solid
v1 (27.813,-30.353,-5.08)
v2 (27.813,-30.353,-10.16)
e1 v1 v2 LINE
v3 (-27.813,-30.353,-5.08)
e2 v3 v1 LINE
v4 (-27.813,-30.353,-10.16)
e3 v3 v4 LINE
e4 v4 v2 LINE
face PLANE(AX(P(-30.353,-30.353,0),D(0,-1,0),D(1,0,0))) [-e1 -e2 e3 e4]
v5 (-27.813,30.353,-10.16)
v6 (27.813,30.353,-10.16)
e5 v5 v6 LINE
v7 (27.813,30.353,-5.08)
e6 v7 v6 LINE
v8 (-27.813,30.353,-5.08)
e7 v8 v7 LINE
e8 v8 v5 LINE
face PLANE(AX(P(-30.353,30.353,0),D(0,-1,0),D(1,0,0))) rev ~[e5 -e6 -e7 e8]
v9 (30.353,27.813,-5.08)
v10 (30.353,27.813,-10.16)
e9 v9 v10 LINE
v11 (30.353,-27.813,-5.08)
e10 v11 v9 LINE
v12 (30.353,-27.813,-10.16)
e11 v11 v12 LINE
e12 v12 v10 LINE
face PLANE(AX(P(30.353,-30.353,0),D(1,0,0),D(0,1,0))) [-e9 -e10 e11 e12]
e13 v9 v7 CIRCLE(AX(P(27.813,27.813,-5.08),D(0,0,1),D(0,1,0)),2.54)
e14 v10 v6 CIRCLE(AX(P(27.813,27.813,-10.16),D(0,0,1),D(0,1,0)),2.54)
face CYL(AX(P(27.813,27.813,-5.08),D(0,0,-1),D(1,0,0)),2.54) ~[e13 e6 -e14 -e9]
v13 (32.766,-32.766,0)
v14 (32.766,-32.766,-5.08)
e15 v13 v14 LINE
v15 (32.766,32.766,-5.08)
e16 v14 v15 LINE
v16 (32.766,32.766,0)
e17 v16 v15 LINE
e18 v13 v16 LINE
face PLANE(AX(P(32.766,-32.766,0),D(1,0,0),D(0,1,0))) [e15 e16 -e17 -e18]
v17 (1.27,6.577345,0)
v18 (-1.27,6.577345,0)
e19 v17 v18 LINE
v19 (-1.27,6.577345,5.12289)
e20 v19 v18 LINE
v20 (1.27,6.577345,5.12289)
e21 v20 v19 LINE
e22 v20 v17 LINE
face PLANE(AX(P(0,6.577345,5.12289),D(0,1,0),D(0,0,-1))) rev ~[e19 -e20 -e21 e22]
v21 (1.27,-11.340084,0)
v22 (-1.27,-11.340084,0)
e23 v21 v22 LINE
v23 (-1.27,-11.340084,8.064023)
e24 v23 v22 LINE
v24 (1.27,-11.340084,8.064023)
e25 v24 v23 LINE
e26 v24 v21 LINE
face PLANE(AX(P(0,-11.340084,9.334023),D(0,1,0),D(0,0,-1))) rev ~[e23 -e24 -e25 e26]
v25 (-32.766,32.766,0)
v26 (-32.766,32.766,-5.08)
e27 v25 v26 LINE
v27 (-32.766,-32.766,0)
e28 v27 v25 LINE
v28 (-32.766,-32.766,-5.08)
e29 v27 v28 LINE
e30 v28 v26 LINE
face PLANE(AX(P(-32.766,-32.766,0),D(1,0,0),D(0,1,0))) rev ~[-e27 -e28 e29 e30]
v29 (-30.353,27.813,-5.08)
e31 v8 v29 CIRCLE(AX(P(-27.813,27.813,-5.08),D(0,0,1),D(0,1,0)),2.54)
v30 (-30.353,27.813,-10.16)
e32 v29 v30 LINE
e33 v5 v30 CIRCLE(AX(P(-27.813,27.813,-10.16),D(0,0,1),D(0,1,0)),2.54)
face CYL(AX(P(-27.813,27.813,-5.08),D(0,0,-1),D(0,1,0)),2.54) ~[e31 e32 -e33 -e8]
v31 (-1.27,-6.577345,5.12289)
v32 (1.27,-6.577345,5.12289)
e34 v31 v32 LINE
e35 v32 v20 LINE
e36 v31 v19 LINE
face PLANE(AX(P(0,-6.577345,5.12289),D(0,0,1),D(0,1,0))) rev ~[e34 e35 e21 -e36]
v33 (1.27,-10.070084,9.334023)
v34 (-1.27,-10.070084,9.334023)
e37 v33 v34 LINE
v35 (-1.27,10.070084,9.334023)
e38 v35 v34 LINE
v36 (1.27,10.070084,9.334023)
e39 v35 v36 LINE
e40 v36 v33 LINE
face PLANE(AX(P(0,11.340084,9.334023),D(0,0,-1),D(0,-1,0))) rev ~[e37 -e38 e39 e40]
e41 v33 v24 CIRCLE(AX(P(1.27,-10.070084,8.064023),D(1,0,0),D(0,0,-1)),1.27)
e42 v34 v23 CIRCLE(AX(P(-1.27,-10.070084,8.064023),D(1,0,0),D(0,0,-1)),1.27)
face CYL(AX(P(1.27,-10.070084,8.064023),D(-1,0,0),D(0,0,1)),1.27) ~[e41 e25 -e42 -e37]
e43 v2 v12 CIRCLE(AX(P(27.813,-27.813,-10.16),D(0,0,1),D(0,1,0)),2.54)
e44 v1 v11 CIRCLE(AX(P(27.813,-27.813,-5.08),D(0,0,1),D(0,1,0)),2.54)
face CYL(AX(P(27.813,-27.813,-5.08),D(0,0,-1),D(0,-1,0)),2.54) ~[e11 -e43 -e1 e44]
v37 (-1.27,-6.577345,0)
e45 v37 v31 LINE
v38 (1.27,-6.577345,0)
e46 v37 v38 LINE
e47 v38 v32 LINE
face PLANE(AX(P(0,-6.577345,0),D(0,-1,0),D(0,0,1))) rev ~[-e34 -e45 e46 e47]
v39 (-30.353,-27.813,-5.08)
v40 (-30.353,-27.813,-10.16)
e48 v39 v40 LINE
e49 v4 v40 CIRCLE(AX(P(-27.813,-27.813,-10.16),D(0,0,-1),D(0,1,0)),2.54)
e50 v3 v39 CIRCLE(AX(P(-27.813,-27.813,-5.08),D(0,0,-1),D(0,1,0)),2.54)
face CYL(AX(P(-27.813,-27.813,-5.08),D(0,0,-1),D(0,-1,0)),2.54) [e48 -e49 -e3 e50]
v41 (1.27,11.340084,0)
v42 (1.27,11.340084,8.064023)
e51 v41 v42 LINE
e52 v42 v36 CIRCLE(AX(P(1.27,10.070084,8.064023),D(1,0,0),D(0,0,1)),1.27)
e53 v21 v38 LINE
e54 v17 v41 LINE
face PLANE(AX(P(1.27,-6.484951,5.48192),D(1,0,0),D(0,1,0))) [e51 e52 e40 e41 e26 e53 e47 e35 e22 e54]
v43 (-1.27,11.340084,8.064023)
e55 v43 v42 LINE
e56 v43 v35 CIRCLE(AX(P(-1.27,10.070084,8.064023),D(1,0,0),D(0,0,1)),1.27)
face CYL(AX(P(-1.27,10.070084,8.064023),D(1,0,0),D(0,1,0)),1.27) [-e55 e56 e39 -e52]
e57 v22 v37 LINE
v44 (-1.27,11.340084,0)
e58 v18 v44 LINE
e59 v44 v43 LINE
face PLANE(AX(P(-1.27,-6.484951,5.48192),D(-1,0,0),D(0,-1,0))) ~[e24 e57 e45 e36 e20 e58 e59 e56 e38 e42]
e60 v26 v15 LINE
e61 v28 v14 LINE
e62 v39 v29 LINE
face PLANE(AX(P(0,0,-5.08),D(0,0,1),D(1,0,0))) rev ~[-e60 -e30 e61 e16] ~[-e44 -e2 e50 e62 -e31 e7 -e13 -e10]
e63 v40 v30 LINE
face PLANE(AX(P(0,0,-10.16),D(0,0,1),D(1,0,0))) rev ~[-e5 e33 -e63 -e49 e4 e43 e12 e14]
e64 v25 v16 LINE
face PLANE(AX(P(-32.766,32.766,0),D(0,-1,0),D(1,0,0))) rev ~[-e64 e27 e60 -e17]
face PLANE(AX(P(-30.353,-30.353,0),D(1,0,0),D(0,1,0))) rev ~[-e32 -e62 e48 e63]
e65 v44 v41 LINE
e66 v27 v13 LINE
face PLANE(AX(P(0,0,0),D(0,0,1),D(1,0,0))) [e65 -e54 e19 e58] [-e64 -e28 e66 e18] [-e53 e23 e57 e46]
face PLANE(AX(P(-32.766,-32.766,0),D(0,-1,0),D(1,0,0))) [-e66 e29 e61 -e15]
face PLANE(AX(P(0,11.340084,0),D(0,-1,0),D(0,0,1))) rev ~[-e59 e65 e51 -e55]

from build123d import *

# Parameters (mm, degrees)
F0_W     = 65.532
F0_H     = 65.532
F1_DEPTH = 5.08
F2_W     = 60.706
F2_H     = 60.706
F3_DEPTH = 10.16
F4_R     = 2.54
F6_DEPTH = 1.27
F8_R     = 1.27


with BuildPart() as f1:
    # F0 (on Top) → F1 (new body)
    with BuildSketch(Plane.XY):
        Rectangle(F0_W, F0_H)
    extrude(amount=-F1_DEPTH)

    # F2 (on Top) → F3 (join)
    with BuildSketch(Plane.XY):
        Rectangle(F2_W, F2_H)
    extrude(amount=-F3_DEPTH)

    # F4
    f4_edges = [f1.edges().sort_by_distance(p)[0] for p in [
        (-30.353, 30.353, -7.62),
        (30.353, 30.353, -7.62),
        (30.353, -30.353, -7.62),
        (-30.353, -30.353, -7.62),
    ]]
    fillet(f4_edges, radius=F4_R)

    # F5 (on Right) → F6 (join)
    with BuildSketch(Plane.YZ):
        Polygon((-11.3400844857, 9.3340231106), (-11.3400844857, 0), (-6.5773450769, 0), (-6.5773450769, 5.1228902303), (0, 5.1228902303), (0, 9.3340231106), align=None)
        Polygon((11.3400844857, 9.3340231106), (0, 9.3340231106), (0, 5.1228902303), (6.5773450769, 5.1228902303), (6.5773450769, 0), (11.3400844857, 0), align=None)
    extrude(amount=F6_DEPTH)

    # F7: F1 across plane


with BuildPart() as f1_1:
    add(f1.part)
    add(f1.part.mirror(Plane.YZ))

    # F8
    f8_edges = [f1_1.edges().sort_by_distance(p)[0] for p in [
        (0, -11.340084, 9.334023),
        (0, 11.340084, 9.334023),
    ]]
    fillet(f8_edges, radius=F8_R)


solid = f1_1.part
